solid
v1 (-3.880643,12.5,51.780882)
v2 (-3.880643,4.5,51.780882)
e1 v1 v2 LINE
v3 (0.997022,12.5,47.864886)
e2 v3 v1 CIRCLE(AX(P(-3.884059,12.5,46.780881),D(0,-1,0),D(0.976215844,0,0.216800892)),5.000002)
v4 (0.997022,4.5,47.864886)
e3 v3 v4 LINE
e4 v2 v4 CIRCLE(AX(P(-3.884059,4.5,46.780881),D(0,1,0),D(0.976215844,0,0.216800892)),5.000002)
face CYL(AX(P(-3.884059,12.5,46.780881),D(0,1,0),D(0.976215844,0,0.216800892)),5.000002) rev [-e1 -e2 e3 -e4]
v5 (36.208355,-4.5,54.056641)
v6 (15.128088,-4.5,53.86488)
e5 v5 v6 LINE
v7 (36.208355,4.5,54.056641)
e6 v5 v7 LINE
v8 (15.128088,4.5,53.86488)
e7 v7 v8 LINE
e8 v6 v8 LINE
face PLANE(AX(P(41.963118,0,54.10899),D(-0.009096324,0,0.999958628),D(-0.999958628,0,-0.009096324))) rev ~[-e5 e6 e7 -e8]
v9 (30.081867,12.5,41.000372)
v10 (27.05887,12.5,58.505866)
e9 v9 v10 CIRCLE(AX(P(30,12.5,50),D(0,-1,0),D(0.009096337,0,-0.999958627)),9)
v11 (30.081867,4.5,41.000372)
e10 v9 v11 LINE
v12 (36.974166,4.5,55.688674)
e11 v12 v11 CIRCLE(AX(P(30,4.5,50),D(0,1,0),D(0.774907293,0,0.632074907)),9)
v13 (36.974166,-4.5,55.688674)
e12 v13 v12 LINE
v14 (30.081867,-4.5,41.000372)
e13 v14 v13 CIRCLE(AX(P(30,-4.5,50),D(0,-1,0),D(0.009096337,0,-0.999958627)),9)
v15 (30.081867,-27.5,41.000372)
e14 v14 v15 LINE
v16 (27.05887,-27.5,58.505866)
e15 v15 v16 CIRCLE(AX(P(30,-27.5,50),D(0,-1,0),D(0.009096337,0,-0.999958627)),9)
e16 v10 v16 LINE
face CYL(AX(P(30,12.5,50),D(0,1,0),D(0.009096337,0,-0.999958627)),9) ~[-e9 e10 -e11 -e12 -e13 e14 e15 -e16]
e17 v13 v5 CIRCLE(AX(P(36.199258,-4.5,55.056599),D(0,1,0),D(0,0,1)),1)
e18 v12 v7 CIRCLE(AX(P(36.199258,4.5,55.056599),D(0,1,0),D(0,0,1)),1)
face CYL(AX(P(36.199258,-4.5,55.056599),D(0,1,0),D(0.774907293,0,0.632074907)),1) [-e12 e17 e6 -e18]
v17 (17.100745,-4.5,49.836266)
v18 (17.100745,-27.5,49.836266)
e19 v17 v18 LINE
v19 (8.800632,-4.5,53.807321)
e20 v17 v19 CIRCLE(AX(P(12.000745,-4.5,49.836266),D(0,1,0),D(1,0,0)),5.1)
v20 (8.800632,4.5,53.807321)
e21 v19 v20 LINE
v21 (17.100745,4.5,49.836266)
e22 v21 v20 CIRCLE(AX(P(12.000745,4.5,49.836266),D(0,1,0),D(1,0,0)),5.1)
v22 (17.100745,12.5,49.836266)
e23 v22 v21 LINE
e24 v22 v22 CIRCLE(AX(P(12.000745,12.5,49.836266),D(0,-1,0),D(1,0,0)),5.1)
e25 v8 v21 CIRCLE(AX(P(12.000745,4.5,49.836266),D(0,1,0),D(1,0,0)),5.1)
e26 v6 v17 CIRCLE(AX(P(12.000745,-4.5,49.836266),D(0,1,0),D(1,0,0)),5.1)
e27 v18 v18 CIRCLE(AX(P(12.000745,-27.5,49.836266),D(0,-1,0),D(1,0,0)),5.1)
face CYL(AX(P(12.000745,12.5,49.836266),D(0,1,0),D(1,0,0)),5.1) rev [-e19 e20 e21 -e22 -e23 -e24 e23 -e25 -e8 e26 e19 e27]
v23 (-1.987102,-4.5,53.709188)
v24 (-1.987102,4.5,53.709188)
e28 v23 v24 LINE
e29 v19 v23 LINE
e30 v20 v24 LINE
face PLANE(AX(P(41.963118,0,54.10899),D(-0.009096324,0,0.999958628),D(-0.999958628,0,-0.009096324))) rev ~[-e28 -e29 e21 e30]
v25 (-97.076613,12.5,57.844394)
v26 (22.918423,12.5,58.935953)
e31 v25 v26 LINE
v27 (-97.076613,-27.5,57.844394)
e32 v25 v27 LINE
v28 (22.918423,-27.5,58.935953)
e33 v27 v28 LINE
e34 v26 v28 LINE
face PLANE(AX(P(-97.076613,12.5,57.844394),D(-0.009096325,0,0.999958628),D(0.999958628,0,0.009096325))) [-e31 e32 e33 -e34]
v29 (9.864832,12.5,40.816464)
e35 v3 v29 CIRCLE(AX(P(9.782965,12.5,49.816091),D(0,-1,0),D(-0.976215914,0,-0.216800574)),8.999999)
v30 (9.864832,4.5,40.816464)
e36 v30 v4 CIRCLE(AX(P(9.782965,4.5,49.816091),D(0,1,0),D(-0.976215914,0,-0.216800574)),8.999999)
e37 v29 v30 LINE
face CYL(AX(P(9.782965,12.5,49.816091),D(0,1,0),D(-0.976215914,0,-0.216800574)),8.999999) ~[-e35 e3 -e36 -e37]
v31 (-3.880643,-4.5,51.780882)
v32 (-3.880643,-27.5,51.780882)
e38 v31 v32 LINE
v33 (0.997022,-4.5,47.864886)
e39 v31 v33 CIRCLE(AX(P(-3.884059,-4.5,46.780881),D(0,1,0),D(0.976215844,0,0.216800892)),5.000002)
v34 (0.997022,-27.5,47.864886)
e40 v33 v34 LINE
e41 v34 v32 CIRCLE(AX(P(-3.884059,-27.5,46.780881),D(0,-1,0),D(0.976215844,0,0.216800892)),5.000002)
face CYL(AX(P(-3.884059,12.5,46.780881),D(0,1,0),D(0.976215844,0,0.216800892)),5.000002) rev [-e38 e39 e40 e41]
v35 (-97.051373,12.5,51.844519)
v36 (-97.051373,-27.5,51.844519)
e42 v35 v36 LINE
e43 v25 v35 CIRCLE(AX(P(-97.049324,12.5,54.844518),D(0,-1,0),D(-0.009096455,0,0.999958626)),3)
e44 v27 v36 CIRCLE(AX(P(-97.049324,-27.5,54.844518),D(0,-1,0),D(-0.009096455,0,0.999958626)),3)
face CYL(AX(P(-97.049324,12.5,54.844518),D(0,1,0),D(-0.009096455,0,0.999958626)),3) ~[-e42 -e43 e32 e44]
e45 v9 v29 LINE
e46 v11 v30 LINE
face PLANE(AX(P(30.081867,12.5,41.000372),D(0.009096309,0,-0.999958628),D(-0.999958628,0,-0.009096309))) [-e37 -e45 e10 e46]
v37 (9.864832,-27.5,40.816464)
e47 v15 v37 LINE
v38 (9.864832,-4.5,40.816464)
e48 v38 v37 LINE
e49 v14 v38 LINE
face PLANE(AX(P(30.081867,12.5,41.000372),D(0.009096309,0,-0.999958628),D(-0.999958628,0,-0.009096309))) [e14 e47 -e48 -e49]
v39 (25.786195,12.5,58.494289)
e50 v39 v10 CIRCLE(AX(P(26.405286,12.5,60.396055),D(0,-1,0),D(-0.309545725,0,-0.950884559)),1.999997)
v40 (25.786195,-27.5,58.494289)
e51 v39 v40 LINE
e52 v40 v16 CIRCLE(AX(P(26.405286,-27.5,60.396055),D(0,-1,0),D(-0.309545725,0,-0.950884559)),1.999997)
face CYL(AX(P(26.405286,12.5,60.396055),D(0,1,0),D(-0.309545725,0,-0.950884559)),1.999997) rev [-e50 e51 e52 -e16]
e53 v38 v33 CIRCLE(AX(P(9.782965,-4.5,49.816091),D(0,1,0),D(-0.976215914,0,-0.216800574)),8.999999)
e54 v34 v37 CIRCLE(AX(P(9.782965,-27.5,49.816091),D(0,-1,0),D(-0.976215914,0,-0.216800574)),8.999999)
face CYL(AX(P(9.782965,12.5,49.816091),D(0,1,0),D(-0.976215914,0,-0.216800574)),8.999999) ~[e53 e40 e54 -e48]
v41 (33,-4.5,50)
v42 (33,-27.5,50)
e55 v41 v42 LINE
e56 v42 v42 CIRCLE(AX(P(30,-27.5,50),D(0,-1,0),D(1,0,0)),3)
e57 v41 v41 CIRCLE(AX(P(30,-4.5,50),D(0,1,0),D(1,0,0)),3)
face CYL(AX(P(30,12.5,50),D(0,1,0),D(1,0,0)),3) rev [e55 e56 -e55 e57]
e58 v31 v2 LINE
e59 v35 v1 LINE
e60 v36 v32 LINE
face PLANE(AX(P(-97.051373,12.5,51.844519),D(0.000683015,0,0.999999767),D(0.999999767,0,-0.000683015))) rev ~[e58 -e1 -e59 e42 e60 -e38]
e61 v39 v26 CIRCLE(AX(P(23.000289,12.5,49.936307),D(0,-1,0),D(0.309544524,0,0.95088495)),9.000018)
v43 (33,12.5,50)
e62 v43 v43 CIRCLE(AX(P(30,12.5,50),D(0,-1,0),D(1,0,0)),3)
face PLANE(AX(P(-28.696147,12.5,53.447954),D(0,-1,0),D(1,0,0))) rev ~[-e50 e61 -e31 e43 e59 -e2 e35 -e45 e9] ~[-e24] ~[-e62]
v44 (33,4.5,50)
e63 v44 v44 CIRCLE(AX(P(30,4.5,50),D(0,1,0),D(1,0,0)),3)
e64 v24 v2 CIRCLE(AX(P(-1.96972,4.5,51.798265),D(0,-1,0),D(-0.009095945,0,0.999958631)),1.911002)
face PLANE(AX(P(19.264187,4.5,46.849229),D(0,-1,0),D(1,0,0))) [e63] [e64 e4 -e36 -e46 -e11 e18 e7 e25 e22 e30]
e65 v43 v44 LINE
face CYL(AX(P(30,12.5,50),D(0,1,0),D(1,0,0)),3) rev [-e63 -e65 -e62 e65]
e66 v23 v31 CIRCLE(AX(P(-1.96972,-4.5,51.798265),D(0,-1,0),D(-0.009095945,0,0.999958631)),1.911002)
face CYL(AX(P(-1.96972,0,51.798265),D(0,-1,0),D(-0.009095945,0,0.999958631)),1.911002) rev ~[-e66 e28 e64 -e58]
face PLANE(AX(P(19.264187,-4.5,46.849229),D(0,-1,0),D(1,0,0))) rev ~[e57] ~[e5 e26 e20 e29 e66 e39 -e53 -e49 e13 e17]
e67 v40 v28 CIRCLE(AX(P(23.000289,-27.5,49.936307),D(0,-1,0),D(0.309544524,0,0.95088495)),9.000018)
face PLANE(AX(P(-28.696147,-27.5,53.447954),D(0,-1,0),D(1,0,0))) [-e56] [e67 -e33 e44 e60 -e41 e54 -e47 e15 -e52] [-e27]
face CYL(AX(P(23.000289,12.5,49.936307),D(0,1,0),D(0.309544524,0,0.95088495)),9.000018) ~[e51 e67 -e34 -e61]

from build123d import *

# Parameters (mm, degrees)
SKETCH006_R   = 3
SKETCH006_R_2 = 5.1
PAD003_DEPTH  = 40
POCKET_DEPTH  = 4.5
FILLET_R      = 1


with BuildPart() as part:
    # Sketch006 → Pad003 (new body)
    with BuildSketch(Plane.XZ.offset(-12.5)):
        with BuildLine():
            ThreePointArc((30.081867, 41.000372), (38.868733, 51.531528), (27.05887, 58.505866))
            ThreePointArc((25.786195, 58.494289), (26.423478, 58.396141), (27.05887, 58.505866))
            ThreePointArc((25.786195, 58.494289), (24.370225, 58.831452), (22.918423, 58.935953))
            Line((-97.076613, 57.844394), (22.918423, 58.935953))
            ThreePointArc((-97.076613, 57.844394), (-100.049297, 54.831898), (-97.051373, 51.844519))
            Line((-97.051373, 51.844519), (-3.880643, 51.780882))
            ThreePointArc((0.997022, 47.864886), (-0.75383, 50.679815), (-3.880643, 51.780882))
            ThreePointArc((0.997022, 47.864886), (4.182938, 42.770547), (9.864832, 40.816464))
            Line((30.081867, 41.000372), (9.864832, 40.816464))
        make_face()
        with Locations((30, 50)):
            Circle(SKETCH006_R, mode=Mode.SUBTRACT)
        with Locations((12.000745, 49.836266)):
            Circle(SKETCH006_R_2, mode=Mode.SUBTRACT)
    extrude(amount=PAD003_DEPTH)

    # Sketch007 → Pocket (cut, symmetric)
    with BuildSketch(Plane.XZ):
        with BuildLine():
            Line((-3.770677, 39.692385), (42.090467, 40.10957))
            Line((42.090467, 40.10957), (41.963118, 54.10899))
            Line((41.963118, 54.10899), (-1.987102, 53.709188))
            ThreePointArc((-1.987102, 53.709188), (-3.333238, 53.1372), (-3.880643, 51.780882))
            Line((-3.770677, 39.692385), (-3.880643, 51.780882))
        make_face()
    extrude(amount=POCKET_DEPTH, both=True, mode=Mode.SUBTRACT)

    # Fillet
    fillet_edges = [part.edges().sort_by_distance(p)[0] for p in [
        (38.025539, 0, 54.073171),
    ]]
    fillet(fillet_edges, radius=FILLET_R)


solid = part.part
